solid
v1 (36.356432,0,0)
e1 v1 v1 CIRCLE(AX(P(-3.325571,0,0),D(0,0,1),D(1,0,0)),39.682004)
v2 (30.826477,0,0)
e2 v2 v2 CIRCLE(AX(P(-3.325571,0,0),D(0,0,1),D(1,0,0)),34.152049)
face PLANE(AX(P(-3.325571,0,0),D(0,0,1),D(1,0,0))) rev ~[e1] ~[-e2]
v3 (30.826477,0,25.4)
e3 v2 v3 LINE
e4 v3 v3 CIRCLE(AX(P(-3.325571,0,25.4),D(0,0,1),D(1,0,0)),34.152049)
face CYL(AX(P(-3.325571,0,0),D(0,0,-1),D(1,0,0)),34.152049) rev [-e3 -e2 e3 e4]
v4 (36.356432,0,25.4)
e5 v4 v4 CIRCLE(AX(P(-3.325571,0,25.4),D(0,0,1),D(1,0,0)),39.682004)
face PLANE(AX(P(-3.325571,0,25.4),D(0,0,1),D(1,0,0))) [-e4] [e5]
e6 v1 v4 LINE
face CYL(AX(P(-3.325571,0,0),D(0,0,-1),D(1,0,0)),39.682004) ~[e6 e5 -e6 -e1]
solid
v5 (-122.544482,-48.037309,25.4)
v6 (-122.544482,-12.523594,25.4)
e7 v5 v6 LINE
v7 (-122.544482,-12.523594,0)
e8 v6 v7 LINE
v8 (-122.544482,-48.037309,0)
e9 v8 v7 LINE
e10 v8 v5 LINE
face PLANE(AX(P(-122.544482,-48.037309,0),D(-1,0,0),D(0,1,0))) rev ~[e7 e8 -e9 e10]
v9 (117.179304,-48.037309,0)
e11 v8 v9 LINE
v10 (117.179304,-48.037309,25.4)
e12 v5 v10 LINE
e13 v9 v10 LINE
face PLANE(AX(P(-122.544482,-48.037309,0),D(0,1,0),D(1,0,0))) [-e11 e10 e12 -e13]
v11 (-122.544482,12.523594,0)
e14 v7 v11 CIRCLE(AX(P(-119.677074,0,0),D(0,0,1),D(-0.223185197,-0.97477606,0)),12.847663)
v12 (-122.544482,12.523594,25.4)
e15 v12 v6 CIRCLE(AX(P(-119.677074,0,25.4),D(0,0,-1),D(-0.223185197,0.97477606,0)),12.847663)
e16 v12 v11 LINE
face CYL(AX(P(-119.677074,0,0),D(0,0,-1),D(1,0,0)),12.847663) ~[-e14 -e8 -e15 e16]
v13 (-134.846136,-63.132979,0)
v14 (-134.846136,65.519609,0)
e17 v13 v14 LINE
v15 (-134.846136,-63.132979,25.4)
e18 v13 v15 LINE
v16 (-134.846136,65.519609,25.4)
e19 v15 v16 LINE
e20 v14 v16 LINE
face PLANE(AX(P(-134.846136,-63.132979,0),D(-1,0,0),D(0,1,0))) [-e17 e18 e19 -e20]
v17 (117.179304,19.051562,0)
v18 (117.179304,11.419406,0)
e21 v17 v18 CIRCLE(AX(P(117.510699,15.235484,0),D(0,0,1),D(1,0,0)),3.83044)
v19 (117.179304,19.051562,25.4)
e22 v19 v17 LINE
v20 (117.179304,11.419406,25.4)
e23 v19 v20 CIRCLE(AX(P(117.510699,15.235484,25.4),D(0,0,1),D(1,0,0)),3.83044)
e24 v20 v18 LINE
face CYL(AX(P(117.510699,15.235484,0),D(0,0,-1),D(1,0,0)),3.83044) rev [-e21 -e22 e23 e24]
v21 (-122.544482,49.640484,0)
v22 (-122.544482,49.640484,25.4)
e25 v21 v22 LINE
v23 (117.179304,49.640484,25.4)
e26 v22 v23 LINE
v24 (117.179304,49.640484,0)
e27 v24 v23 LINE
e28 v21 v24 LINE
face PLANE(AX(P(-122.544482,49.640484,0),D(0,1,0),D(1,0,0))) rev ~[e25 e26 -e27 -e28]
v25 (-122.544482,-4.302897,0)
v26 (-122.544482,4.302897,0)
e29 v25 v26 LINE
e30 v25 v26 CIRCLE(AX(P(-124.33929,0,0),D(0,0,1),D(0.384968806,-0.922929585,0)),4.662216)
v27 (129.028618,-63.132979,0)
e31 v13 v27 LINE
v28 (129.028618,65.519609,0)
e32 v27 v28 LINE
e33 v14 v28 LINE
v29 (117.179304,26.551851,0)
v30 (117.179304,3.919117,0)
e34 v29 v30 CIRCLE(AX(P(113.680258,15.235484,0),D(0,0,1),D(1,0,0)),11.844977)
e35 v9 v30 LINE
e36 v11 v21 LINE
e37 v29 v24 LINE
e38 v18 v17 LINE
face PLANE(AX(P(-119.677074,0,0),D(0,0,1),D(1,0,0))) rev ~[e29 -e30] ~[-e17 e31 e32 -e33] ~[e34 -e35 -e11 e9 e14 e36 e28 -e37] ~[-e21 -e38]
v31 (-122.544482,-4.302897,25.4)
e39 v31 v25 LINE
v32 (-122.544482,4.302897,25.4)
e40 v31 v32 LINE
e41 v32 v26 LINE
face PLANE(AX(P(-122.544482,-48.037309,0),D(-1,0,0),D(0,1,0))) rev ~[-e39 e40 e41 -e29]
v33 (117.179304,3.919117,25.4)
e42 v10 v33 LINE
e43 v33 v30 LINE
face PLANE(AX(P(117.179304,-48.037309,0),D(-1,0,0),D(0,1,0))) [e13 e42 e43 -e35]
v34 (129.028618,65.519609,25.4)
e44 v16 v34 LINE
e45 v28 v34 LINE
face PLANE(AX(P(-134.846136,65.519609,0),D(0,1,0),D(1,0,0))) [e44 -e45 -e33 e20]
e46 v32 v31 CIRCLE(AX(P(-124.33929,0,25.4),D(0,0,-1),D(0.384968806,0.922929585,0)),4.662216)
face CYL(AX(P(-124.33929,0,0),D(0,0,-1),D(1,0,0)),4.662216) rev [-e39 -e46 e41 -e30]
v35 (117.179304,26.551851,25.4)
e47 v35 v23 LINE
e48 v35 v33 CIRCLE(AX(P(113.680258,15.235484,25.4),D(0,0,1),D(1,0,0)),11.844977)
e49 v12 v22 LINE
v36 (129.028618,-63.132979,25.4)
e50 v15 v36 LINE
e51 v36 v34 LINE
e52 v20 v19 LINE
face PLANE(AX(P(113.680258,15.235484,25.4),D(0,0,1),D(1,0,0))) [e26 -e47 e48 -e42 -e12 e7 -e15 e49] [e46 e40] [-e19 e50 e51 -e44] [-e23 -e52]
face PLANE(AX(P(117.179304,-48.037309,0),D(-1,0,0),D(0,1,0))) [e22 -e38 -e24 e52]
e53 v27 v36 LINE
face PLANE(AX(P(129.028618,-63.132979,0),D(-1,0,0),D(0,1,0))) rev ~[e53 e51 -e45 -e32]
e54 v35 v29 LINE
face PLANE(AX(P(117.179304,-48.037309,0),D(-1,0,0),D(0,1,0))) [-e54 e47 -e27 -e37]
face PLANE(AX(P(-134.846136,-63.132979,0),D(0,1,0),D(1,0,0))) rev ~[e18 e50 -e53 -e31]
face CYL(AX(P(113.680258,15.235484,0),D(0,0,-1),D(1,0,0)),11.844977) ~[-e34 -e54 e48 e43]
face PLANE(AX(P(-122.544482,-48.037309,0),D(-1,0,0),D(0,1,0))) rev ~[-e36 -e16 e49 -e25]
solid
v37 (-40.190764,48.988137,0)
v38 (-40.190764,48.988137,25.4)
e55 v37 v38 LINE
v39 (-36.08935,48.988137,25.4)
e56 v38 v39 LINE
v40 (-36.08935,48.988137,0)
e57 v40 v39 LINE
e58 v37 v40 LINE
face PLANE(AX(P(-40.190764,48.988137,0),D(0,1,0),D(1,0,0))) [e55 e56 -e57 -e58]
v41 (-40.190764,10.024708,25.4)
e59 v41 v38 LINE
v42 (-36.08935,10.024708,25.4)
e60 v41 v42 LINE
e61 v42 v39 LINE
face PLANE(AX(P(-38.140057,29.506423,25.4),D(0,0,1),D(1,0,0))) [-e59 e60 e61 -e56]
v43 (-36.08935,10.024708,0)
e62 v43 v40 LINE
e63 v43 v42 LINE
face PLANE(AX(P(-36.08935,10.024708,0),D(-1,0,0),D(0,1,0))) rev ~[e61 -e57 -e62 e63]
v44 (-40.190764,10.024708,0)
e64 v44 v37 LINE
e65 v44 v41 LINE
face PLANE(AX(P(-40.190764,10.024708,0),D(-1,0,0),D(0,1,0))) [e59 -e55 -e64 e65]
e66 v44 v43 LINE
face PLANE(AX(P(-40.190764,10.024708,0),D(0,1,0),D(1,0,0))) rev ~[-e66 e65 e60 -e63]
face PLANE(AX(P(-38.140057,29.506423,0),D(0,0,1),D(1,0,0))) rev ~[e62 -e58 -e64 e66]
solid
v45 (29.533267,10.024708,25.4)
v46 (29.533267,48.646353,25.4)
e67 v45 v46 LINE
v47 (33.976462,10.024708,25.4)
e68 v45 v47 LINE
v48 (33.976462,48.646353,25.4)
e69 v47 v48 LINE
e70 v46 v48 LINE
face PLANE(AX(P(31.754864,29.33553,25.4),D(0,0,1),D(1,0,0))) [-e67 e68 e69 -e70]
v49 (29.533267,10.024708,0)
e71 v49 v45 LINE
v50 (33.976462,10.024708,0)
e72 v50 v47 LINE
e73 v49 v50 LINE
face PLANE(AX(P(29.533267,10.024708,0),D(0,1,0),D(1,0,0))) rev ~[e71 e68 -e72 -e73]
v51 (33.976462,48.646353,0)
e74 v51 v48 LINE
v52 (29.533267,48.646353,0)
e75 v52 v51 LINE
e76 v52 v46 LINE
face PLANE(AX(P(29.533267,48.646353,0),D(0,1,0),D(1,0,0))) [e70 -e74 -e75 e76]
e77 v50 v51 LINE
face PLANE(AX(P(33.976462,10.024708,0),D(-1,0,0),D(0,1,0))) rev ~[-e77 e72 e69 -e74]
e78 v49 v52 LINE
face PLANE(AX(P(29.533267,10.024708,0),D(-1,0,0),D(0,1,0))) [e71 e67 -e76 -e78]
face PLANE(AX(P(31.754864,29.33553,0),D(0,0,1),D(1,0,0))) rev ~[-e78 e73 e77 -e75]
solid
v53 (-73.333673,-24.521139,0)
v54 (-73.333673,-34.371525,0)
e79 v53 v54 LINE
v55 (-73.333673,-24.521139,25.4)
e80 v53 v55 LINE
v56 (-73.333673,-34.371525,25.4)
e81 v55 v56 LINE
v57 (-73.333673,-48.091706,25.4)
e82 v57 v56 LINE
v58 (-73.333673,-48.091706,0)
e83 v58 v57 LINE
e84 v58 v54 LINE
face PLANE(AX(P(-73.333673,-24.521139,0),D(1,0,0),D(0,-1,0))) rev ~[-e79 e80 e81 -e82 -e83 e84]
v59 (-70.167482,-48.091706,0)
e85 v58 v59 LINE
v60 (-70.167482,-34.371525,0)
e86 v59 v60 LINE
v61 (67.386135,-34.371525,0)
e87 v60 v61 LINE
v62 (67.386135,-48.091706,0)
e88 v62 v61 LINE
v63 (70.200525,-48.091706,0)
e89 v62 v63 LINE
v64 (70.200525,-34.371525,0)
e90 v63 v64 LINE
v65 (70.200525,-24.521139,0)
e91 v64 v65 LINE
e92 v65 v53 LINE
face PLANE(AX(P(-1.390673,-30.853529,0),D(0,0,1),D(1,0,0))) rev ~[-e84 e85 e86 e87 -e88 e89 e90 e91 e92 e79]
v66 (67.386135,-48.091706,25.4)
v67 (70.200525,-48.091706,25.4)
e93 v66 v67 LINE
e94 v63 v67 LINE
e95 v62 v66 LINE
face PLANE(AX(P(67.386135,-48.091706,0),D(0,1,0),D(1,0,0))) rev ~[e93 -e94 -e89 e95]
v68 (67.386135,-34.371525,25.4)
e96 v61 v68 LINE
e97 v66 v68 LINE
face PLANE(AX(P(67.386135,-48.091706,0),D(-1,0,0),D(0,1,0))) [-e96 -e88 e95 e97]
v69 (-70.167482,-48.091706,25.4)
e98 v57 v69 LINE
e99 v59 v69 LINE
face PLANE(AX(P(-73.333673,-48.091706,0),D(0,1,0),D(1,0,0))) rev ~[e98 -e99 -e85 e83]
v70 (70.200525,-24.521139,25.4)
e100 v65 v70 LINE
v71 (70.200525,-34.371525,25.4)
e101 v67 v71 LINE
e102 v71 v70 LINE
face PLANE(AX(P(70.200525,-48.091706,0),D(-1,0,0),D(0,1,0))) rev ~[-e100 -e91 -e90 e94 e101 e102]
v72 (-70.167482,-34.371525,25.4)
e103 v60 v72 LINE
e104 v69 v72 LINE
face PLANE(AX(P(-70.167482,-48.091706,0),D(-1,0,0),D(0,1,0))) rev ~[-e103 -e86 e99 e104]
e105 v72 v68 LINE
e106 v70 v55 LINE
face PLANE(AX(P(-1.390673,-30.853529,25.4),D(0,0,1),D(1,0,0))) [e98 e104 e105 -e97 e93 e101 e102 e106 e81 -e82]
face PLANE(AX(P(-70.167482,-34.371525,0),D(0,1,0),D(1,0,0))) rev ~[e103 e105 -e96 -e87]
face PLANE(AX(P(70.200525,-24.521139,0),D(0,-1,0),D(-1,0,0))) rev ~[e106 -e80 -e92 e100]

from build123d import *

# Parameters (mm, degrees)
F0_W      = 263.8747543097
F0_H      = 128.652587533
F0_W_2    = 239.7237867117
F0_H_2    = 97.6777933538
F1_DEPTH  = 25.4
F2_R      = 12.8476625459
F2_R_2    = 4.6622157097
F3_DEPTH  = 25.4
F4_R      = 11.844977251
F4_R_2    = 3.8304403424
F5_DEPTH  = 25.4
F6_W      = 4.1014142334
F6_H      = 38.9634296298
F7_DEPTH  = 25.4
F6_W_2    = 4.4431947172
F6_H_2    = 38.6216454208
F8_R      = 39.6820036639
F8_R_2    = 34.1520486265
F9_DEPTH  = 25.4
F10_W     = 137.5536173582
F10_H     = 7.035991177
F10_W_2   = 3.1661912799
F10_H_2   = 13.7201808393
F10_W_3   = 2.8143897653
F10_H_3   = 2.8143953532
F11_DEPTH = 25.4


with BuildPart() as f1:
    # F0 (on Top) → F1 (new body)
    with BuildSketch(Plane.XY):
        with Locations((-2.9087588191, 1.1933147907)):
            Rectangle(F0_W, F0_H)
        with Locations((-2.6825889945, 0.8015874773)):
            Rectangle(F0_W_2, F0_H_2, mode=Mode.SUBTRACT)
    extrude(amount=F1_DEPTH)

    # F2 (on Top) → F3 (join)
    with BuildSketch(Plane.XY):
        with Locations((-119.6770742536, 0)):
            Circle(F2_R)
        with Locations((-124.3392899632, 0)):
            Circle(F2_R_2, mode=Mode.SUBTRACT)
    extrude(amount=F3_DEPTH)

    # F4 (on Top) → F5 (join)
    with BuildSketch(Plane.XY):
        with Locations((113.6802583933, 15.2354836464)):
            Circle(F4_R)
        with Locations((117.5106987357, 15.2354836464)):
            Circle(F4_R_2, mode=Mode.SUBTRACT)
    extrude(amount=F5_DEPTH)


with BuildPart() as f7:
    # F6 (on Top) → F7 (new body)
    with BuildSketch(Plane.XY):
        with Locations((-38.1400566548, 29.5064225793)):
            Rectangle(F6_W, F6_H)
    extrude(amount=F7_DEPTH)


with BuildPart() as f7b:
    # F6 (on Top) → F7, piece 2 (new body)
    with BuildSketch(Plane.XY):
        with Locations((31.7548643798, 29.3355304748)):
            Rectangle(F6_W_2, F6_H_2)
    extrude(amount=F7_DEPTH)


with BuildPart() as f9:
    # F8 (on Top) → F9 (new body)
    with BuildSketch(Plane.XY):
        with Locations((-3.325571306, 0)):
            Circle(F8_R)
        with Locations((-3.325571306, 0)):
            Circle(F8_R_2, mode=Mode.SUBTRACT)
    extrude(amount=F9_DEPTH)


with BuildPart() as f11:
    # F10 (on Top) → F11 (new body)
    with BuildSketch(Plane.XY):
        with Locations((-1.3906732202, -30.8535294607)):
            Rectangle(F10_W, F10_H)
        with Locations((-71.7505775392, -41.2316154689)):
            Rectangle(F10_W_2, F10_H_2)
        Polygon((-70.1674818993, -34.3715250492), (-70.1674818993, -27.3355338722), (-70.1674818993, -24.521138519), (-73.3336731791, -24.521138519), (-73.3336731791, -34.3715250492), align=None)
        with Locations((68.7933303416, -41.2316154689)):
            Rectangle(F10_W_3, F10_H_2)
        Polygon((67.3861354589, -24.521138519), (67.3861354589, -27.3355338722), (67.3861354589, -34.3715250492), (70.2005252242, -34.3715250492), (70.2005252242, -24.521138519), align=None)
        with Locations((-1.3906732202, -25.9283361956)):
            Rectangle(F10_W, F10_H_3)
    extrude(amount=F11_DEPTH)


solid = Compound([f1.part, f7.part, f7b.part, f9.part, f11.part])
